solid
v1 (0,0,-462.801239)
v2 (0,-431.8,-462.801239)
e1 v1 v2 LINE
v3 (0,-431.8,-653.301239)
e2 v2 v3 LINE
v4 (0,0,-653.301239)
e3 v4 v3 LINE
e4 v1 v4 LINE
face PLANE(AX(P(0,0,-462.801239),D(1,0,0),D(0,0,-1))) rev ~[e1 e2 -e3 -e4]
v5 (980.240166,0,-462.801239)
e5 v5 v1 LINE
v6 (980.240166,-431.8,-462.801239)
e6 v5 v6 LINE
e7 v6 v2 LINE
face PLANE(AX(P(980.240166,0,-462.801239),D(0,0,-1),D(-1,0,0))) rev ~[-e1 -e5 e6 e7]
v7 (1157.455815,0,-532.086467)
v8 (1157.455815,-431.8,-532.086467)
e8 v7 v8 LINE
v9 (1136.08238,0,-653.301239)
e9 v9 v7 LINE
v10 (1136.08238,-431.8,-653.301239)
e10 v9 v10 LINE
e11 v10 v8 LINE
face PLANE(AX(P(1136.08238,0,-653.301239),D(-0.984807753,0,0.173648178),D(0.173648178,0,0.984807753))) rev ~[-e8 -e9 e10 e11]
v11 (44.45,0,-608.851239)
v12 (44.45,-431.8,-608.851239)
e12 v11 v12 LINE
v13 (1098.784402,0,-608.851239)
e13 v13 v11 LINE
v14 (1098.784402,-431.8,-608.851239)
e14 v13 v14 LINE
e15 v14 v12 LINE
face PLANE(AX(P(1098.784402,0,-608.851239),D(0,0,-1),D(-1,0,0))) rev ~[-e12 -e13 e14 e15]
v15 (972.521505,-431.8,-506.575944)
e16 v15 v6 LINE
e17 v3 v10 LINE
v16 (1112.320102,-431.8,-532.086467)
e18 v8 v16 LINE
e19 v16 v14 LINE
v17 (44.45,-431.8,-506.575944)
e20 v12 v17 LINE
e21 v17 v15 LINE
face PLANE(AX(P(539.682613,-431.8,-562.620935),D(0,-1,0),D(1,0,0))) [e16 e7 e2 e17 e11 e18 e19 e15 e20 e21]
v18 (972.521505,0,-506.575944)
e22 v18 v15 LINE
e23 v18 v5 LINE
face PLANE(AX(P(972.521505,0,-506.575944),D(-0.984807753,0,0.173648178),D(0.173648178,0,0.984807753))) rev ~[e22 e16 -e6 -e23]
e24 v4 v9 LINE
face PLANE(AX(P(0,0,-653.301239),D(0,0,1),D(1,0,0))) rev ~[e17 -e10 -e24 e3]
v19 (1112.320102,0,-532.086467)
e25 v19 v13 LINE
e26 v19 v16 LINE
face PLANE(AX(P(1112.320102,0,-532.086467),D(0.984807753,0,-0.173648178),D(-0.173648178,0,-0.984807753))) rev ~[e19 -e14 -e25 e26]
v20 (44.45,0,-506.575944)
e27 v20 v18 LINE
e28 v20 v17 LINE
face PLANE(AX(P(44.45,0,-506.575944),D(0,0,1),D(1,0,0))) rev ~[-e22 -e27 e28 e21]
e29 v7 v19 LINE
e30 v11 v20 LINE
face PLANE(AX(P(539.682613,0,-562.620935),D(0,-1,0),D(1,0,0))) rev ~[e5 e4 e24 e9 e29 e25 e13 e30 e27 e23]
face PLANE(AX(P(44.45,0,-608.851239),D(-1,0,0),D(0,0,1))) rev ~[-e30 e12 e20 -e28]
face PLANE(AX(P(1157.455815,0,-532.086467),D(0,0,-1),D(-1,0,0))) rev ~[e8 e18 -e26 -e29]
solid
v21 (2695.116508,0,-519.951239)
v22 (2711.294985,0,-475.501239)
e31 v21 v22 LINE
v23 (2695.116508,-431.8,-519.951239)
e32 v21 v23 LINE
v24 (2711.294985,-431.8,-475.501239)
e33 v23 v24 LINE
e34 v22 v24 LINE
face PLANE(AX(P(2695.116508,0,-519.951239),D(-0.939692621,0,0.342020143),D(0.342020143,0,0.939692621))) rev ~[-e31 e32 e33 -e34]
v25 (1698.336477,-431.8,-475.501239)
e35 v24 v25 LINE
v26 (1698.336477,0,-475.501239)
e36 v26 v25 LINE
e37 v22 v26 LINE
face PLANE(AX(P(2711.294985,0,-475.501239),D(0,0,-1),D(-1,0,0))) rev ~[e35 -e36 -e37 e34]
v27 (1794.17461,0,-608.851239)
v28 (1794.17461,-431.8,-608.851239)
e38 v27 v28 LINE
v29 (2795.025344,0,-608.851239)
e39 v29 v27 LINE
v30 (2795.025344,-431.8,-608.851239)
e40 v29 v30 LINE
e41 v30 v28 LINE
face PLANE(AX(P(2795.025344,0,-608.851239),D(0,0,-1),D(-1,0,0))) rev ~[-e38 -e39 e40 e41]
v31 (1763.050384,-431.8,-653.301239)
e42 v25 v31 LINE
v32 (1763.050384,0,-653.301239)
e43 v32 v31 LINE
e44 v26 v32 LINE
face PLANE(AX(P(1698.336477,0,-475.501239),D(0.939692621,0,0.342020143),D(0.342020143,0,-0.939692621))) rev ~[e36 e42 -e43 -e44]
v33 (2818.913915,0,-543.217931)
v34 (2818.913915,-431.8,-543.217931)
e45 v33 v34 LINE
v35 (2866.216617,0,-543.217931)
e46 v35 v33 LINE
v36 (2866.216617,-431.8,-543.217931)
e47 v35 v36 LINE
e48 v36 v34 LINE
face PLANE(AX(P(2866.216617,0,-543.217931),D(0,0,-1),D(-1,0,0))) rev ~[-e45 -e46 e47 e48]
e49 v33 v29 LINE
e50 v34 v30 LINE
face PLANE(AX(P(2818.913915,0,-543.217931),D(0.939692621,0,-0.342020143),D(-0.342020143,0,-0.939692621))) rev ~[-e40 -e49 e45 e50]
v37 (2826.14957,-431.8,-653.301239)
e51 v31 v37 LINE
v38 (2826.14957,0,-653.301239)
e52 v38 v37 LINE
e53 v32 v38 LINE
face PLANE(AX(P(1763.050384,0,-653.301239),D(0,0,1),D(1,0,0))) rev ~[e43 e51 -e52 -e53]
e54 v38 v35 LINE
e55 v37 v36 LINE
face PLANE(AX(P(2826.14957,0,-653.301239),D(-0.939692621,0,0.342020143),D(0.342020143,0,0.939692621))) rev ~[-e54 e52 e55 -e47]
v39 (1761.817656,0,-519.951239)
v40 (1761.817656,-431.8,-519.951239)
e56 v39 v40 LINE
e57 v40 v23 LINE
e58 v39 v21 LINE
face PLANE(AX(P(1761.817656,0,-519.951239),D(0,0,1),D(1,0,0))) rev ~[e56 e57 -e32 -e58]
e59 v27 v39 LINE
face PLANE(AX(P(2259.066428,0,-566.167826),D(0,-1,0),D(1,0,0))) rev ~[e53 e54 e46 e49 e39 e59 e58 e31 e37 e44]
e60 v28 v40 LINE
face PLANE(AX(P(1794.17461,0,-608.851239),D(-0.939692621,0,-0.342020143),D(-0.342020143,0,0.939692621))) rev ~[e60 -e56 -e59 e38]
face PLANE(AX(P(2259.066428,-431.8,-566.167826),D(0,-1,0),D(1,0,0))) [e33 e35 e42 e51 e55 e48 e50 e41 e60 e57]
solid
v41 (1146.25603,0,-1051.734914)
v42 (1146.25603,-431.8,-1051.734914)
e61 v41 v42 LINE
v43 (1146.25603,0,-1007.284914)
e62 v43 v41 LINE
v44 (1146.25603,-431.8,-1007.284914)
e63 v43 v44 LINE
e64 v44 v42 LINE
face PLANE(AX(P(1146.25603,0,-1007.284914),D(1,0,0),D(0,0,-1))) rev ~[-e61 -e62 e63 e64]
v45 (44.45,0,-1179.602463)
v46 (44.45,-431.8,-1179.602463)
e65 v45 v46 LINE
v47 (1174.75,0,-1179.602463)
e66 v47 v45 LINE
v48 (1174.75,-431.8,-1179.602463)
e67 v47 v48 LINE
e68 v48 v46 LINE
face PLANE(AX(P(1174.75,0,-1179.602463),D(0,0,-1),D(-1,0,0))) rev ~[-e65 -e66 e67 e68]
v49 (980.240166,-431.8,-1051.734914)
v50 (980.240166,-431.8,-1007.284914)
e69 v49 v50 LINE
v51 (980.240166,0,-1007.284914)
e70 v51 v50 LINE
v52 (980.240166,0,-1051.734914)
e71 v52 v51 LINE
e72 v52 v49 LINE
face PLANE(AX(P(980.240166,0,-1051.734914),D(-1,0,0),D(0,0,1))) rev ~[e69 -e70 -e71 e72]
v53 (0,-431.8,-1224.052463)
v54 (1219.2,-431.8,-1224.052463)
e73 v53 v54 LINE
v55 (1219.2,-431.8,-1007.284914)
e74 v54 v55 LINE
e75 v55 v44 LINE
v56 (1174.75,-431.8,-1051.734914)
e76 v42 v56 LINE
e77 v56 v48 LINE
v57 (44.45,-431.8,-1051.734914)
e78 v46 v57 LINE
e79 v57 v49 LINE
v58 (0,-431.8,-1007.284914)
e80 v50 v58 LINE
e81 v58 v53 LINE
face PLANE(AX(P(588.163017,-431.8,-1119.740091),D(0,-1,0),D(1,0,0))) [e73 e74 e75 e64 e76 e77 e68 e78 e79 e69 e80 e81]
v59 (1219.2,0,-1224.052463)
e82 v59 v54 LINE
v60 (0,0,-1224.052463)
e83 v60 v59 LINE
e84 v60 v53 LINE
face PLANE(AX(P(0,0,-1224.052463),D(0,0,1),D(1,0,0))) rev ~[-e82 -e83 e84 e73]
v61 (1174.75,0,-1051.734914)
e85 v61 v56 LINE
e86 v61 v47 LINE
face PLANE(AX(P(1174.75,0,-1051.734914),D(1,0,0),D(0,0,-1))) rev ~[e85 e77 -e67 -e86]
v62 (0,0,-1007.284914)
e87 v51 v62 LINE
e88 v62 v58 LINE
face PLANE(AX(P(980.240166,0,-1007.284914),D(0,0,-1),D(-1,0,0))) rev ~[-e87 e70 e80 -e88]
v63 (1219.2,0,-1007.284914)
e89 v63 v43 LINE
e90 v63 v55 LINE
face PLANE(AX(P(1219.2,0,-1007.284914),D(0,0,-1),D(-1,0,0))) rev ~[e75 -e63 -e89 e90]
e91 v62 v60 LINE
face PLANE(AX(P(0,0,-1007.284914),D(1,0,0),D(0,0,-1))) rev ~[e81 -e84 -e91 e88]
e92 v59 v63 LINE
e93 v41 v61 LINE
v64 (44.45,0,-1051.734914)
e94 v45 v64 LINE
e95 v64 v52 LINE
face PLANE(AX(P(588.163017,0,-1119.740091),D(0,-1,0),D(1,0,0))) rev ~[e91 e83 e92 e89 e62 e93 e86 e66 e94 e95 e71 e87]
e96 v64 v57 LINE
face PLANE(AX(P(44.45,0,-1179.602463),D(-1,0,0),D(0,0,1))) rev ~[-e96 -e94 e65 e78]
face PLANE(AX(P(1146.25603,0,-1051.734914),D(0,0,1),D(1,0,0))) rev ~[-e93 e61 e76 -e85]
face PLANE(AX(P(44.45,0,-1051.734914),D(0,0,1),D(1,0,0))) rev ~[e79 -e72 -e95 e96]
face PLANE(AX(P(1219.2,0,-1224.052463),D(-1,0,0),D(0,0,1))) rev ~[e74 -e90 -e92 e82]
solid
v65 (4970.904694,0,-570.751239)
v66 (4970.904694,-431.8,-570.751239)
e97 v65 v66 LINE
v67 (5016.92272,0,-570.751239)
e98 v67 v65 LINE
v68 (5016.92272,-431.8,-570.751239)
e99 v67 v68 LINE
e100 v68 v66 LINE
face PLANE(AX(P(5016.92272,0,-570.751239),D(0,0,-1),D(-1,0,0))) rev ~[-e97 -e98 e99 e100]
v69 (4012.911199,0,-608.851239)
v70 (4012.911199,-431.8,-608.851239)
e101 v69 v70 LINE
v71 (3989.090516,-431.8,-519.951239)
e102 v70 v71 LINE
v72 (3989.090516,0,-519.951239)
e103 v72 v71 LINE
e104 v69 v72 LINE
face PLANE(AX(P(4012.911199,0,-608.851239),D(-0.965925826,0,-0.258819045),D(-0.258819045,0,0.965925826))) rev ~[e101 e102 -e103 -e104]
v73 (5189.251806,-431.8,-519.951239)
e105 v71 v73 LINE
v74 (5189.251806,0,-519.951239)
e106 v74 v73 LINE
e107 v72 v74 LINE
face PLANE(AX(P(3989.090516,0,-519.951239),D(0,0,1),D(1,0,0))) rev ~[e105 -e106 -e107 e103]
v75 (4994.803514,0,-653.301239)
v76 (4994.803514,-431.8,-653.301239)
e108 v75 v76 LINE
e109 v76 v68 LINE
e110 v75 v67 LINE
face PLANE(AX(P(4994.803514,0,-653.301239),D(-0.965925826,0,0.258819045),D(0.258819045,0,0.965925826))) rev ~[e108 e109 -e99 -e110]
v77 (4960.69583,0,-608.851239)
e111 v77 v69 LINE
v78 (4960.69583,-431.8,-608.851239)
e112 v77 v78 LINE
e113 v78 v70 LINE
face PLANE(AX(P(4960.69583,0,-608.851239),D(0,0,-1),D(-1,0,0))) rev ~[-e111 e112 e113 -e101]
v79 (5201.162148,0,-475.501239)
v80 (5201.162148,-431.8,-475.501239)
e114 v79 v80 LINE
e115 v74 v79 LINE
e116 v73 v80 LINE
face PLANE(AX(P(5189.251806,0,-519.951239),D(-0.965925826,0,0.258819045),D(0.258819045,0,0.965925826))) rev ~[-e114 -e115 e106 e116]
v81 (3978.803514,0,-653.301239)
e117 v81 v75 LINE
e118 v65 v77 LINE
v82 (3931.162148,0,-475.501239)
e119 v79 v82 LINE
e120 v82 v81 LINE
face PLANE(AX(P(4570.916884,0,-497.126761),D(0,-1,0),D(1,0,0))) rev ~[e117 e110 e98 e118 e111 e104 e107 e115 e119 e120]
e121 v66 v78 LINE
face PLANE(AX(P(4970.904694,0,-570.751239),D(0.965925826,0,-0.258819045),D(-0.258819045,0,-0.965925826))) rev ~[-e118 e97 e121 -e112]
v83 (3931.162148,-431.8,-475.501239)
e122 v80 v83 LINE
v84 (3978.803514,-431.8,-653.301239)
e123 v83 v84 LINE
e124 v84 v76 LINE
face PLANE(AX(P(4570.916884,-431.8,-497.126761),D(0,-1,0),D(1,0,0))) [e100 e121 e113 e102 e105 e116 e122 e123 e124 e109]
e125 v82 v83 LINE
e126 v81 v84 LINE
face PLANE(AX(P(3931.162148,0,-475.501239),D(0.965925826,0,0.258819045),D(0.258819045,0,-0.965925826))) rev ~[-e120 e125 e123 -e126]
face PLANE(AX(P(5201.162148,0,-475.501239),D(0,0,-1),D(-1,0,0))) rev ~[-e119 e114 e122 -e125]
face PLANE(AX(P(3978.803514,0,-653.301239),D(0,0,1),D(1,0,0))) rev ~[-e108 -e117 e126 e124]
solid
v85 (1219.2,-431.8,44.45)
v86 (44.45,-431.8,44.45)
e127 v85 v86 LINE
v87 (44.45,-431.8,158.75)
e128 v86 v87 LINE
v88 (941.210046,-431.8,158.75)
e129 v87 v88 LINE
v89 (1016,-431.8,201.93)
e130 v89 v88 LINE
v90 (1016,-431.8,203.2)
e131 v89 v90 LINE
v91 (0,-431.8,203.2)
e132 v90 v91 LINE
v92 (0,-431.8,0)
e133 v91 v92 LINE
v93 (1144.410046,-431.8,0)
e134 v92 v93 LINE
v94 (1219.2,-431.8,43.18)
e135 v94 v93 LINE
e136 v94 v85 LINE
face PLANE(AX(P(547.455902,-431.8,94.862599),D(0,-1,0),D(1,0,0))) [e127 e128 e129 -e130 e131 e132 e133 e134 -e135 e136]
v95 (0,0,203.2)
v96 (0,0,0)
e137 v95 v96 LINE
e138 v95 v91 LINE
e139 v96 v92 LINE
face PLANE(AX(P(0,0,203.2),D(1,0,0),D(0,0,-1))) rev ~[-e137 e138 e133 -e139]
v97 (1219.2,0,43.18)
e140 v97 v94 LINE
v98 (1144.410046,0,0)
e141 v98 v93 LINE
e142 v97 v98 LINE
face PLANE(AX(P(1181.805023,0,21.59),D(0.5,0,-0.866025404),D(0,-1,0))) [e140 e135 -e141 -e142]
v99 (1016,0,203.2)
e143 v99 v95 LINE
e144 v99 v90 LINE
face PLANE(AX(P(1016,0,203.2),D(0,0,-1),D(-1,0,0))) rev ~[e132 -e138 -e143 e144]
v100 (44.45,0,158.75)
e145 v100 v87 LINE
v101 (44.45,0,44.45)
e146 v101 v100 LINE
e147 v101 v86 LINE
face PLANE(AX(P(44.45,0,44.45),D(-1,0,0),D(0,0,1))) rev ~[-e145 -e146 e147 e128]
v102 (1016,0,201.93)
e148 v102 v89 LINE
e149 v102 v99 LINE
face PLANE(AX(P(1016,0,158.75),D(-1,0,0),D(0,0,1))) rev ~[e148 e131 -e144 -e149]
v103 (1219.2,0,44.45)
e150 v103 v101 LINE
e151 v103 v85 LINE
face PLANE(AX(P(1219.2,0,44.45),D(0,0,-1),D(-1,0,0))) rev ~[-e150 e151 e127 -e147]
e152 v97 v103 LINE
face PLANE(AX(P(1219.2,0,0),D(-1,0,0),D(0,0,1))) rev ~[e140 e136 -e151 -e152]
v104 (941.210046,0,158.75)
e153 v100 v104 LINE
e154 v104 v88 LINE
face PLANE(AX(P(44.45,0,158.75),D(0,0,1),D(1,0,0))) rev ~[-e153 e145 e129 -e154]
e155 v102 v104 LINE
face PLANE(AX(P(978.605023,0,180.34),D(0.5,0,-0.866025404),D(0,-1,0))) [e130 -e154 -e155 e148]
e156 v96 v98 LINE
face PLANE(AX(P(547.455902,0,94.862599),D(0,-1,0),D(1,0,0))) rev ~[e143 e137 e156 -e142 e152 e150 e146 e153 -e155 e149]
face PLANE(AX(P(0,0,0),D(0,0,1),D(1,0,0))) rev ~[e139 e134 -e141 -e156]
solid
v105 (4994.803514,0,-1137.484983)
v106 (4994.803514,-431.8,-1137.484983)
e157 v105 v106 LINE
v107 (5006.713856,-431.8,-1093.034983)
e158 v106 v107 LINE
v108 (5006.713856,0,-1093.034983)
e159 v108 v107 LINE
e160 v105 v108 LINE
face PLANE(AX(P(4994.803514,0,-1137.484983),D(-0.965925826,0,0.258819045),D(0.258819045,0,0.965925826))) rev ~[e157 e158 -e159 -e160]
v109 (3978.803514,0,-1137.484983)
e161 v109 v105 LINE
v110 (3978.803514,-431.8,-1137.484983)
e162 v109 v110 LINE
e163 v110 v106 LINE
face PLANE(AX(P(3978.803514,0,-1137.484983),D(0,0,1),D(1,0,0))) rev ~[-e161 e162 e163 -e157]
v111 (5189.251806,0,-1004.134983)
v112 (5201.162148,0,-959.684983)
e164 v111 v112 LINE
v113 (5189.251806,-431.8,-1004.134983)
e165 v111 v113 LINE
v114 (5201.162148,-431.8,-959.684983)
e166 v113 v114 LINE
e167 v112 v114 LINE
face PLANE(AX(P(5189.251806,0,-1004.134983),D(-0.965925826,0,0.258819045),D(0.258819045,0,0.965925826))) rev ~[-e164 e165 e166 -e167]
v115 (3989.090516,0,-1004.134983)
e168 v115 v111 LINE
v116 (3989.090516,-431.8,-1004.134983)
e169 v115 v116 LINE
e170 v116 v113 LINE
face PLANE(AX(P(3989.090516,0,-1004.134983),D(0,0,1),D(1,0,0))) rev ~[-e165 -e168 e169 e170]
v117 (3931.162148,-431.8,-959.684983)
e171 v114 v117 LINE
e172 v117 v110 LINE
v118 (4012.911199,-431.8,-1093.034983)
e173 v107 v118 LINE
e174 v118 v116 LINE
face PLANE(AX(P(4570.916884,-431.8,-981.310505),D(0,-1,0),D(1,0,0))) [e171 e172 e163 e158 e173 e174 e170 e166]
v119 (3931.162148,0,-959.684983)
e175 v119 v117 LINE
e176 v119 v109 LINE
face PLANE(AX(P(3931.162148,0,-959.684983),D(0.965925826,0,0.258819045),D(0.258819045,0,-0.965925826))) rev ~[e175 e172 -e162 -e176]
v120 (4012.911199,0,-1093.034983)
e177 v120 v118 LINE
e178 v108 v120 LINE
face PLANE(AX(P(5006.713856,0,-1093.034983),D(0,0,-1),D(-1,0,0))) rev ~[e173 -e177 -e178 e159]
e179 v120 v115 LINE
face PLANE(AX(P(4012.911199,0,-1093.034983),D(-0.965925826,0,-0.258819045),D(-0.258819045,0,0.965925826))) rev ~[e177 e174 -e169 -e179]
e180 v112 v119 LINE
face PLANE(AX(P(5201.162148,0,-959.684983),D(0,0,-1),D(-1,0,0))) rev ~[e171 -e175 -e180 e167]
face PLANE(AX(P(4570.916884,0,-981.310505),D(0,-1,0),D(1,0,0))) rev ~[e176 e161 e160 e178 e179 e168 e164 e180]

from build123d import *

# Parameters (mm, degrees)
F1_DEPTH   = 431.8
F2_SIZE2   = 74.7899538708
F2_SIZE    = 43.18
F2_2_SIZE2 = 74.7899538708
F2_2_SIZE  = 43.18


with BuildPart() as f1:
    # F0 (on Front) → F1 (new body)
    with BuildSketch(Plane.XZ):
        Polygon((1016, 158.75), (1016, 203.2), (0, 203.2), (0, 0), (1219.2, 0), (1219.2, 44.45), (44.45, 44.45), (44.45, 158.75), align=None)
    extrude(amount=F1_DEPTH)

    # F2
    f2_edges = [f1.edges().sort_by_distance(p)[0] for p in [
        (1219.2, -215.9, 0),
    ]]
    f2_side = f1.faces().sort_by_distance((1219.2, -215.9, 22.225))[0]
    chamfer(f2_edges, length=F2_SIZE, length2=F2_SIZE2, reference=f2_side)

    # F2#2
    f2_2_edges = [f1.edges().sort_by_distance(p)[0] for p in [
        (1016, -215.9, 158.75),
    ]]
    f2_2_side = f1.faces().sort_by_distance((1016, -215.9, 180.975))[0]
    chamfer(f2_2_edges, length=F2_2_SIZE, length2=F2_2_SIZE2, reference=f2_2_side)


with BuildPart() as f1b:
    # F0 (on Front) → F1, piece 2 (new body)
    with BuildSketch(Plane.XZ):
        Polygon((972.52150469, -506.5759436351), (980.2401661873, -462.8012390137), (0, -462.8012390137), (0, -653.3012390137), (1136.0823803587, -653.3012390137), (1157.4558151349, -532.0864669441), (1112.3201022366, -532.0864669441), (1098.7844017528, -608.8512390137), (44.45, -608.8512390137), (44.45, -506.5759436351), align=None)
    extrude(amount=F1_DEPTH)


with BuildPart() as f1c:
    # F0 (on Front) → F1, piece 3 (new body)
    with BuildSketch(Plane.XZ):
        Polygon((980.2401661873, -1051.7349137777), (980.2401661873, -1007.2849137777), (0, -1007.2849137777), (0, -1224.0524632925), (1219.2, -1224.0524632925), (1219.2, -1007.2849137777), (1146.2560296059, -1007.2849137777), (1146.2560296059, -1051.7349137777), (1174.75, -1051.7349137777), (1174.75, -1179.6024632925), (44.45, -1179.6024632925), (44.45, -1051.7349137777), align=None)
    extrude(amount=F1_DEPTH)


with BuildPart() as f1d:
    # F0 (on Front) → F1, piece 4 (new body)
    with BuildSketch(Plane.XZ):
        Polygon((2695.1165082038, -519.9512390137), (2711.2949851169, -475.5012390137), (1698.3364767881, -475.5012390137), (1763.0503844407, -653.3012390137), (2826.1495695697, -653.3012390137), (2866.2166171355, -543.2179305625), (2818.9139151489, -543.2179305625), (2795.0253444963, -608.8512390137), (1794.1746095141, -608.8512390137), (1761.8176556878, -519.9512390137), align=None)
    extrude(amount=F1_DEPTH)


with BuildPart() as f1e:
    # F0 (on Front) → F1, piece 5 (new body)
    with BuildSketch(Plane.XZ):
        Polygon((5189.2518063713, -519.9512390137), (5201.1621479749, -475.5012390137), (3931.1621479749, -475.5012390137), (3989.0905157977, -519.9512390137), align=None)
        Polygon((3989.0905157977, -519.9512390137), (3931.1621479749, -475.5012390137), (3978.8035143891, -653.3012390137), (4012.9111990048, -608.8512390137), align=None)
        Polygon((4012.9111990048, -608.8512390137), (3978.8035143891, -653.3012390137), (4994.8035143891, -653.3012390137), (4960.6958297735, -608.8512390137), align=None)
        Polygon((4960.6958297735, -608.8512390137), (4994.8035143891, -653.3012390137), (5016.9227202243, -570.7512390137), (4970.9046940051, -570.7512390137), align=None)
    extrude(amount=F1_DEPTH)


with BuildPart() as f1f:
    # F0 (on Front) → F1, piece 6 (new body)
    with BuildSketch(Plane.XZ):
        Polygon((5189.2518063713, -1004.1349826813), (5201.1621479749, -959.6849826813), (3931.1621479749, -959.6849826813), (3989.0905157977, -1004.1349826813), align=None)
        Polygon((3989.0905157977, -1004.1349826813), (3931.1621479749, -959.6849826813), (3978.8035143891, -1137.4849826813), (4012.9111990048, -1093.0349826813), align=None)
        Polygon((4012.9111990048, -1093.0349826813), (3978.8035143891, -1137.4849826813), (4994.8035143891, -1137.4849826813), (5006.7138559927, -1093.0349826813), align=None)
    extrude(amount=F1_DEPTH)


solid = Compound([f1.part, f1b.part, f1c.part, f1d.part, f1e.part, f1f.part])
